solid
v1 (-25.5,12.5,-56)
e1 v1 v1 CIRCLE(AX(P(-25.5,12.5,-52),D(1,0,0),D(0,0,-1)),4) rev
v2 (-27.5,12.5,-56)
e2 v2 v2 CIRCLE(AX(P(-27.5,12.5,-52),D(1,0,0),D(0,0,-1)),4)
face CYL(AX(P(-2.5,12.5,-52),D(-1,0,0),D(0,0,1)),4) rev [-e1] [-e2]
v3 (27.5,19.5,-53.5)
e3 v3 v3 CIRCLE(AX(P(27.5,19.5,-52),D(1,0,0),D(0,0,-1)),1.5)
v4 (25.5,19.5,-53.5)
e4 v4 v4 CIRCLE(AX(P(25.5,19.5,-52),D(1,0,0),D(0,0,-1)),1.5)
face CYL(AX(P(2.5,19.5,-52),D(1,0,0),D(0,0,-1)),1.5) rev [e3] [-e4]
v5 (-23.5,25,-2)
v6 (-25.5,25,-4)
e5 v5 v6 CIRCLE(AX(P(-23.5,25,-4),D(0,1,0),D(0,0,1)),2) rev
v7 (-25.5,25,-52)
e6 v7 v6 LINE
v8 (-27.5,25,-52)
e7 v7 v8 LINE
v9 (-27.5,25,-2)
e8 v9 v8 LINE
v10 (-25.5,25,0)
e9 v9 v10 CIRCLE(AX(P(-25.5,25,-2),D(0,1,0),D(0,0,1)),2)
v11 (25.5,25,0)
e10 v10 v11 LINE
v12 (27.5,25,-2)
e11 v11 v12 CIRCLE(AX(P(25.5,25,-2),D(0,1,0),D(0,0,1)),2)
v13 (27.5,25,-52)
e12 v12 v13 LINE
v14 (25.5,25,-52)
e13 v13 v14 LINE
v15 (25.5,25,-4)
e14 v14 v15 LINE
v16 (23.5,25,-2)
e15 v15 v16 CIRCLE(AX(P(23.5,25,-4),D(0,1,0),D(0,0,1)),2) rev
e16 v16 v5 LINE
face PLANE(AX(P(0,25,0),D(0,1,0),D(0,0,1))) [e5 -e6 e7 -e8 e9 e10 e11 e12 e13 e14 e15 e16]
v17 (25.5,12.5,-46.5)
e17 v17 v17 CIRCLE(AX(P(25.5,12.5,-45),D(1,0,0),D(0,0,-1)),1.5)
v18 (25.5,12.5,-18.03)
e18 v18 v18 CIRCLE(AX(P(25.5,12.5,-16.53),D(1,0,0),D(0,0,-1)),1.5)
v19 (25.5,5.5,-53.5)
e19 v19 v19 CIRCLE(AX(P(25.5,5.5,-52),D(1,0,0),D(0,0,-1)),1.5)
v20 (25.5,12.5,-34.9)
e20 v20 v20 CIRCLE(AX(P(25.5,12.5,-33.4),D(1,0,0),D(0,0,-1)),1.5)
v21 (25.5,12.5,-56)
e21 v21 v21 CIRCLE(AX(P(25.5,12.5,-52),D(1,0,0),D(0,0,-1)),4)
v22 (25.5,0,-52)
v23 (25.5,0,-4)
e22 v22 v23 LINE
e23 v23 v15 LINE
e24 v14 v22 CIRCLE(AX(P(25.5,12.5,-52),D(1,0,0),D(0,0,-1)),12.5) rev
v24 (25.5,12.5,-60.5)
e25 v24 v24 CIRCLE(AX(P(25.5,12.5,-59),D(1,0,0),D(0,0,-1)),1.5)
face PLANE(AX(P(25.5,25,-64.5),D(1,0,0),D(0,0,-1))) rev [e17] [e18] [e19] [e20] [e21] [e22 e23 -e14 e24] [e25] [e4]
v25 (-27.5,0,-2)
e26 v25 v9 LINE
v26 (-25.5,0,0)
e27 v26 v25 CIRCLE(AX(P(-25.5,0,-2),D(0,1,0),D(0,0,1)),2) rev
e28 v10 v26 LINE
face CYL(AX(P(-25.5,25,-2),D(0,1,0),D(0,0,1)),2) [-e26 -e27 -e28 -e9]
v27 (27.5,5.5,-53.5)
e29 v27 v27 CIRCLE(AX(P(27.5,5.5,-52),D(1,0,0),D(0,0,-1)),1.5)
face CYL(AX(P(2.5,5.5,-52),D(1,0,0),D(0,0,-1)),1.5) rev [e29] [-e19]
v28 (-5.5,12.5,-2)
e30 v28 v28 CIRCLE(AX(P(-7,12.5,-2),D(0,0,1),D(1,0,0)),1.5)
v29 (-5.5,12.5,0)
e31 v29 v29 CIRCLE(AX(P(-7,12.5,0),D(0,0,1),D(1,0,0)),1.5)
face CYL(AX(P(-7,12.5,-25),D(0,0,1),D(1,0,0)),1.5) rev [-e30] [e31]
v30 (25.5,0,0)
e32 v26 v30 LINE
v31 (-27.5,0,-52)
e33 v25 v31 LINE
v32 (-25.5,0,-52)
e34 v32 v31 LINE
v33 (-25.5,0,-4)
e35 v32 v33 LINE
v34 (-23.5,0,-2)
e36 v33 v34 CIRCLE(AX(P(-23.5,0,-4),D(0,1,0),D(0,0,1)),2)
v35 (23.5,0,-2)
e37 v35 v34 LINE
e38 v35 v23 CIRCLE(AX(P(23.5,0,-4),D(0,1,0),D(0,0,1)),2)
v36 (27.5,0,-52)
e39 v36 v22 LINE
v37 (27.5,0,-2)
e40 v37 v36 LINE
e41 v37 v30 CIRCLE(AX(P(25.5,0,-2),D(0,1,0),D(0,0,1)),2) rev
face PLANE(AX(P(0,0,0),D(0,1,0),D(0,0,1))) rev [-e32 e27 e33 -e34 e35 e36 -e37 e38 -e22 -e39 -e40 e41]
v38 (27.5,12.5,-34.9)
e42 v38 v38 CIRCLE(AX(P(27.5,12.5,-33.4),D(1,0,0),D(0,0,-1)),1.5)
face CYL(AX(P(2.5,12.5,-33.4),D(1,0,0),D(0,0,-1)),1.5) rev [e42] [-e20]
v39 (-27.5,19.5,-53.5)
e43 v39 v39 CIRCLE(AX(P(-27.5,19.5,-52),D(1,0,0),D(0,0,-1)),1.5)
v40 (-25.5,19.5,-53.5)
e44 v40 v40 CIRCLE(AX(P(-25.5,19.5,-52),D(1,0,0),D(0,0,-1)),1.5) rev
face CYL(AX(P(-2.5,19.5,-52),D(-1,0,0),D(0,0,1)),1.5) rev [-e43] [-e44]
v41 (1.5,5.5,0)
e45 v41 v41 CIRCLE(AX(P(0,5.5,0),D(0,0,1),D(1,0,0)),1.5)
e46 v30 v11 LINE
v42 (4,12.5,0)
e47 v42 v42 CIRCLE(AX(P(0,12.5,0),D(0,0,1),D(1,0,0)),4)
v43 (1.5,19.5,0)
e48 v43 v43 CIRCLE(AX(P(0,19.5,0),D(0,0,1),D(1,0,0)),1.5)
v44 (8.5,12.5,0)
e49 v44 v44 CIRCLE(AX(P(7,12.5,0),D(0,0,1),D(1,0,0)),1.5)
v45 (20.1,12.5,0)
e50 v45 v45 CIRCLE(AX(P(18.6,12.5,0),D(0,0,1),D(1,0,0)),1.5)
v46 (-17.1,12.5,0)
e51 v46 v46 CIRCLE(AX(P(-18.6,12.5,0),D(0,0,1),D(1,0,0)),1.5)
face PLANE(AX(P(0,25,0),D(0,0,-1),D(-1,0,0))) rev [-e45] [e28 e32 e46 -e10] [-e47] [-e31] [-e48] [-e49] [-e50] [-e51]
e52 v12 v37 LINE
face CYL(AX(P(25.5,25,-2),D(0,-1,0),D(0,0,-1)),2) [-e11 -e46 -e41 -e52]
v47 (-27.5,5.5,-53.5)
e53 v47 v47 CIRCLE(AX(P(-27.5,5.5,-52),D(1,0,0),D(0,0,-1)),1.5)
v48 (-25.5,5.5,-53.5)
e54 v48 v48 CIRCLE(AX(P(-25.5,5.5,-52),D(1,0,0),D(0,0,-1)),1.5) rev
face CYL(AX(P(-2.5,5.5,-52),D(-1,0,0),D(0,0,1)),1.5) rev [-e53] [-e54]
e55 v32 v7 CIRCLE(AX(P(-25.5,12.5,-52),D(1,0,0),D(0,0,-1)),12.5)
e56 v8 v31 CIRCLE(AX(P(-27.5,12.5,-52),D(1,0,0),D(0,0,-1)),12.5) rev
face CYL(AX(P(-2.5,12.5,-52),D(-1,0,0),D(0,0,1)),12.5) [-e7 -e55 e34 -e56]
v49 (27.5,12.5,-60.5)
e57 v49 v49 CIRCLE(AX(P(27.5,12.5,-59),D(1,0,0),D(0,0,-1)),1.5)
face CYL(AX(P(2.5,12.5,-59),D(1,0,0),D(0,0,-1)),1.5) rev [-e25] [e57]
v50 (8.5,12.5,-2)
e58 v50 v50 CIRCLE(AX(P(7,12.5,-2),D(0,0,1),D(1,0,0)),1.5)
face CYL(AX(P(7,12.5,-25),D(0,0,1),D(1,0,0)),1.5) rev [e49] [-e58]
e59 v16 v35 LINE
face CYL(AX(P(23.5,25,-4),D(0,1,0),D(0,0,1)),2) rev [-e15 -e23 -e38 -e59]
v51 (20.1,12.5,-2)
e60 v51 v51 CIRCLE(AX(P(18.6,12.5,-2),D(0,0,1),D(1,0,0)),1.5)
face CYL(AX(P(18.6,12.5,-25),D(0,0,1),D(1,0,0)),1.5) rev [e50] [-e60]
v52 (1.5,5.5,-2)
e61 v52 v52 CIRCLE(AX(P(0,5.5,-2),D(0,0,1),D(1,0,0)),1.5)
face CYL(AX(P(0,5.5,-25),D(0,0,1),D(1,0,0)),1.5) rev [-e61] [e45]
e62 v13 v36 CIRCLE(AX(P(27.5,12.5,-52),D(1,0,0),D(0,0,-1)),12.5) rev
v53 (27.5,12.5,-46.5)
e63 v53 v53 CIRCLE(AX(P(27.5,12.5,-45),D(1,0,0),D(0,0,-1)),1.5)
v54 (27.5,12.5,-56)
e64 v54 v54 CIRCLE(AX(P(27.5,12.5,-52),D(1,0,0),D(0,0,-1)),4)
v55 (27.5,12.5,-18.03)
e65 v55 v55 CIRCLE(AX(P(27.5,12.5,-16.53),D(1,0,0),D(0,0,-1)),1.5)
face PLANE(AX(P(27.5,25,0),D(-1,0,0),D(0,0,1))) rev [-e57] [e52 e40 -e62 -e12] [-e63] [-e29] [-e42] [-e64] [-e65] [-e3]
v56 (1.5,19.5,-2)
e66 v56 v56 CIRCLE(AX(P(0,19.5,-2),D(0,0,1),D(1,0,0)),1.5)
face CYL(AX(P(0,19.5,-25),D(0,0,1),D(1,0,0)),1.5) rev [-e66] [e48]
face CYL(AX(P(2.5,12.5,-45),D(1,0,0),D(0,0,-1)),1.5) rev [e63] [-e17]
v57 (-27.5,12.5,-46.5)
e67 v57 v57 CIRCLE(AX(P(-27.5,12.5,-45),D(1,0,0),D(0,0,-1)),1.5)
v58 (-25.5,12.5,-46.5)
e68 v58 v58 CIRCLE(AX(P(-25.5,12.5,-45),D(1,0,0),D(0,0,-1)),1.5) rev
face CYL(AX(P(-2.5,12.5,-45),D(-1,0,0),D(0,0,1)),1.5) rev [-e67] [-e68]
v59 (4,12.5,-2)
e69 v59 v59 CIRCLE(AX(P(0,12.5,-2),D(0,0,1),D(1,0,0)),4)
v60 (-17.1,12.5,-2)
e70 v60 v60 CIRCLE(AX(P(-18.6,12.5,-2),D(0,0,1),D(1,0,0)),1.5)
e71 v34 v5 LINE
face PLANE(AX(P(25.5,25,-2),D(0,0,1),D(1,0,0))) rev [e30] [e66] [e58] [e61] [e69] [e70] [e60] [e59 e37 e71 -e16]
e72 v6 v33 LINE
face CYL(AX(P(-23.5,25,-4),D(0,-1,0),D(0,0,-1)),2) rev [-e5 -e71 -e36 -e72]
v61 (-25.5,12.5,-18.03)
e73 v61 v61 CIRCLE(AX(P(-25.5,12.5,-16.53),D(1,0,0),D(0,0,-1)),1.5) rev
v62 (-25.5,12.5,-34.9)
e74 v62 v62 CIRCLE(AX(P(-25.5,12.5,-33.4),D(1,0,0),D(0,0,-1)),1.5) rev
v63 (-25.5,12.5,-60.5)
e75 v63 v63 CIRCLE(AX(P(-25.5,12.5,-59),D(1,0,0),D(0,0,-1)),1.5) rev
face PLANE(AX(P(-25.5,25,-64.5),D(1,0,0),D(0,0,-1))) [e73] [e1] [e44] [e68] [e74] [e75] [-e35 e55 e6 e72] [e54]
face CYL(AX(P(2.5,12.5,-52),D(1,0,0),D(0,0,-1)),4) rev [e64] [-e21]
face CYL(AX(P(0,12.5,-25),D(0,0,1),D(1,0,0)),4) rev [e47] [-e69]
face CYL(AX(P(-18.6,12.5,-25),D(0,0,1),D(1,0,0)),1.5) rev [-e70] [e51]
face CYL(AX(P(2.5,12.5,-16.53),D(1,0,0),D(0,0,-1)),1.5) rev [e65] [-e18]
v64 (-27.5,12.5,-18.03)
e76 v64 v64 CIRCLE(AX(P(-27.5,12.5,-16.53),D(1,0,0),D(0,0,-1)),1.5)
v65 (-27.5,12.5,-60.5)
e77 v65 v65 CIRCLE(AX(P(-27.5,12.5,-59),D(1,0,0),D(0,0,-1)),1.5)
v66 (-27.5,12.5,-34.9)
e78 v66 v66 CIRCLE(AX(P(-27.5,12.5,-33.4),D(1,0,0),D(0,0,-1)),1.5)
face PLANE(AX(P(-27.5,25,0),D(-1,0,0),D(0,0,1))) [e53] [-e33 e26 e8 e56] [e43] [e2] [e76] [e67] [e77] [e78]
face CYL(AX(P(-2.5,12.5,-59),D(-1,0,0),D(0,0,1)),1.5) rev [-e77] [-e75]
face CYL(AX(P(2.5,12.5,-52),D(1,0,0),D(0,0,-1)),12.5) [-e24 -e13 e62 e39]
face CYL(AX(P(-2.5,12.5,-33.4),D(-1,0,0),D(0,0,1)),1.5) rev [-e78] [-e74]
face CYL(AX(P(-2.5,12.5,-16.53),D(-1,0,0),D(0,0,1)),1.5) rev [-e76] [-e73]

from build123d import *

# Parameters (mm, degrees)
EXTRUDE_1_DEPTH     = 25
SKETCH_2_R          = 1.5
SKETCH_2_R_2        = 4
CUT_EXTRUDE_1_DEPTH = 25
SKETCH_3_R          = 1.5
SKETCH_3_R_2        = 4
CUT_EXTRUDE_2_DEPTH = 25
FILLET_1_R          = 2


with BuildPart() as part:
    # 草图1 → 凸台-拉伸1 (new body)
    with BuildSketch(Plane(origin=(0, 0, 0), x_dir=(1, 0, 0), z_dir=(0, 1, 0))):
        Polygon((0, 0), (27.5, 0), (27.5, 64.5), (25.5, 64.5), (25.5, 2), (0, 2), align=None)
    extrude_1 = extrude(amount=EXTRUDE_1_DEPTH)

    # 草图2 → 切除-拉伸1 (cut)
    with BuildSketch(Plane(origin=(27.5, 0, 0), x_dir=(0, 0, -1), z_dir=(1, 0, 0))):
        with Locations((16.53, 12.5)):
            Circle(SKETCH_2_R)
        with Locations((45, 12.5)):
            Circle(SKETCH_2_R)
        with Locations((52, 12.5)):
            Circle(SKETCH_2_R_2)
        with Locations((52, 19.5)):
            Circle(SKETCH_2_R)
        with Locations((59, 12.5)):
            Circle(SKETCH_2_R)
        with Locations((52, 5.5)):
            Circle(SKETCH_2_R)
        with BuildLine():
            Line((64.5, 25), (52, 25))
            ThreePointArc((52, 25), (60.838834765, 21.338834765), (64.5, 12.5))
            Line((64.5, 12.5), (64.5, 25))
        make_face()
        with BuildLine():
            Line((64.5, 0), (64.5, 12.5))
            ThreePointArc((64.5, 12.5), (60.838834765, 3.661165235), (52, 0))
            Line((52, 0), (64.5, 0))
        make_face()
        with Locations((33.4, 12.5)):
            Circle(SKETCH_2_R)
    cut_extrude_1 = extrude(amount=-CUT_EXTRUDE_1_DEPTH, mode=Mode.SUBTRACT)

    # 镜向1: 凸台-拉伸1, 切除-拉伸1 across plane
    add(extrude_1.mirror(Plane(origin=(0, 25, -2), x_dir=(0, 0, 1), z_dir=(1, 0, 0))))
    add(cut_extrude_1.mirror(Plane(origin=(0, 25, -2), x_dir=(0, 0, 1), z_dir=(1, 0, 0))), mode=Mode.SUBTRACT)

    # 草图3 → 切除-拉伸2 (cut)
    with BuildSketch(Plane.XY):
        with Locations((7, 12.5)):
            Circle(SKETCH_3_R)
        with Locations((0, 19.5)):
            Circle(SKETCH_3_R)
        with Locations((-7, 12.5)):
            Circle(SKETCH_3_R)
        with Locations((0, 5.5)):
            Circle(SKETCH_3_R)
        with Locations((18.6, 12.5)):
            Circle(SKETCH_3_R)
        with Locations((-18.6, 12.5)):
            Circle(SKETCH_3_R)
        with Locations((0, 12.5)):
            Circle(SKETCH_3_R_2)
    extrude(amount=-CUT_EXTRUDE_2_DEPTH, mode=Mode.SUBTRACT)

    # 圆角1
    fillet_1_edges = [part.edges().sort_by_distance(p)[0] for p in [
        (25.5, 12.5, -2),
        (27.5, 12.5, 0),
        (-25.5, 12.5, -2),
        (-27.5, 12.5, 0),
    ]]
    fillet(fillet_1_edges, radius=FILLET_1_R)


solid = part.part
